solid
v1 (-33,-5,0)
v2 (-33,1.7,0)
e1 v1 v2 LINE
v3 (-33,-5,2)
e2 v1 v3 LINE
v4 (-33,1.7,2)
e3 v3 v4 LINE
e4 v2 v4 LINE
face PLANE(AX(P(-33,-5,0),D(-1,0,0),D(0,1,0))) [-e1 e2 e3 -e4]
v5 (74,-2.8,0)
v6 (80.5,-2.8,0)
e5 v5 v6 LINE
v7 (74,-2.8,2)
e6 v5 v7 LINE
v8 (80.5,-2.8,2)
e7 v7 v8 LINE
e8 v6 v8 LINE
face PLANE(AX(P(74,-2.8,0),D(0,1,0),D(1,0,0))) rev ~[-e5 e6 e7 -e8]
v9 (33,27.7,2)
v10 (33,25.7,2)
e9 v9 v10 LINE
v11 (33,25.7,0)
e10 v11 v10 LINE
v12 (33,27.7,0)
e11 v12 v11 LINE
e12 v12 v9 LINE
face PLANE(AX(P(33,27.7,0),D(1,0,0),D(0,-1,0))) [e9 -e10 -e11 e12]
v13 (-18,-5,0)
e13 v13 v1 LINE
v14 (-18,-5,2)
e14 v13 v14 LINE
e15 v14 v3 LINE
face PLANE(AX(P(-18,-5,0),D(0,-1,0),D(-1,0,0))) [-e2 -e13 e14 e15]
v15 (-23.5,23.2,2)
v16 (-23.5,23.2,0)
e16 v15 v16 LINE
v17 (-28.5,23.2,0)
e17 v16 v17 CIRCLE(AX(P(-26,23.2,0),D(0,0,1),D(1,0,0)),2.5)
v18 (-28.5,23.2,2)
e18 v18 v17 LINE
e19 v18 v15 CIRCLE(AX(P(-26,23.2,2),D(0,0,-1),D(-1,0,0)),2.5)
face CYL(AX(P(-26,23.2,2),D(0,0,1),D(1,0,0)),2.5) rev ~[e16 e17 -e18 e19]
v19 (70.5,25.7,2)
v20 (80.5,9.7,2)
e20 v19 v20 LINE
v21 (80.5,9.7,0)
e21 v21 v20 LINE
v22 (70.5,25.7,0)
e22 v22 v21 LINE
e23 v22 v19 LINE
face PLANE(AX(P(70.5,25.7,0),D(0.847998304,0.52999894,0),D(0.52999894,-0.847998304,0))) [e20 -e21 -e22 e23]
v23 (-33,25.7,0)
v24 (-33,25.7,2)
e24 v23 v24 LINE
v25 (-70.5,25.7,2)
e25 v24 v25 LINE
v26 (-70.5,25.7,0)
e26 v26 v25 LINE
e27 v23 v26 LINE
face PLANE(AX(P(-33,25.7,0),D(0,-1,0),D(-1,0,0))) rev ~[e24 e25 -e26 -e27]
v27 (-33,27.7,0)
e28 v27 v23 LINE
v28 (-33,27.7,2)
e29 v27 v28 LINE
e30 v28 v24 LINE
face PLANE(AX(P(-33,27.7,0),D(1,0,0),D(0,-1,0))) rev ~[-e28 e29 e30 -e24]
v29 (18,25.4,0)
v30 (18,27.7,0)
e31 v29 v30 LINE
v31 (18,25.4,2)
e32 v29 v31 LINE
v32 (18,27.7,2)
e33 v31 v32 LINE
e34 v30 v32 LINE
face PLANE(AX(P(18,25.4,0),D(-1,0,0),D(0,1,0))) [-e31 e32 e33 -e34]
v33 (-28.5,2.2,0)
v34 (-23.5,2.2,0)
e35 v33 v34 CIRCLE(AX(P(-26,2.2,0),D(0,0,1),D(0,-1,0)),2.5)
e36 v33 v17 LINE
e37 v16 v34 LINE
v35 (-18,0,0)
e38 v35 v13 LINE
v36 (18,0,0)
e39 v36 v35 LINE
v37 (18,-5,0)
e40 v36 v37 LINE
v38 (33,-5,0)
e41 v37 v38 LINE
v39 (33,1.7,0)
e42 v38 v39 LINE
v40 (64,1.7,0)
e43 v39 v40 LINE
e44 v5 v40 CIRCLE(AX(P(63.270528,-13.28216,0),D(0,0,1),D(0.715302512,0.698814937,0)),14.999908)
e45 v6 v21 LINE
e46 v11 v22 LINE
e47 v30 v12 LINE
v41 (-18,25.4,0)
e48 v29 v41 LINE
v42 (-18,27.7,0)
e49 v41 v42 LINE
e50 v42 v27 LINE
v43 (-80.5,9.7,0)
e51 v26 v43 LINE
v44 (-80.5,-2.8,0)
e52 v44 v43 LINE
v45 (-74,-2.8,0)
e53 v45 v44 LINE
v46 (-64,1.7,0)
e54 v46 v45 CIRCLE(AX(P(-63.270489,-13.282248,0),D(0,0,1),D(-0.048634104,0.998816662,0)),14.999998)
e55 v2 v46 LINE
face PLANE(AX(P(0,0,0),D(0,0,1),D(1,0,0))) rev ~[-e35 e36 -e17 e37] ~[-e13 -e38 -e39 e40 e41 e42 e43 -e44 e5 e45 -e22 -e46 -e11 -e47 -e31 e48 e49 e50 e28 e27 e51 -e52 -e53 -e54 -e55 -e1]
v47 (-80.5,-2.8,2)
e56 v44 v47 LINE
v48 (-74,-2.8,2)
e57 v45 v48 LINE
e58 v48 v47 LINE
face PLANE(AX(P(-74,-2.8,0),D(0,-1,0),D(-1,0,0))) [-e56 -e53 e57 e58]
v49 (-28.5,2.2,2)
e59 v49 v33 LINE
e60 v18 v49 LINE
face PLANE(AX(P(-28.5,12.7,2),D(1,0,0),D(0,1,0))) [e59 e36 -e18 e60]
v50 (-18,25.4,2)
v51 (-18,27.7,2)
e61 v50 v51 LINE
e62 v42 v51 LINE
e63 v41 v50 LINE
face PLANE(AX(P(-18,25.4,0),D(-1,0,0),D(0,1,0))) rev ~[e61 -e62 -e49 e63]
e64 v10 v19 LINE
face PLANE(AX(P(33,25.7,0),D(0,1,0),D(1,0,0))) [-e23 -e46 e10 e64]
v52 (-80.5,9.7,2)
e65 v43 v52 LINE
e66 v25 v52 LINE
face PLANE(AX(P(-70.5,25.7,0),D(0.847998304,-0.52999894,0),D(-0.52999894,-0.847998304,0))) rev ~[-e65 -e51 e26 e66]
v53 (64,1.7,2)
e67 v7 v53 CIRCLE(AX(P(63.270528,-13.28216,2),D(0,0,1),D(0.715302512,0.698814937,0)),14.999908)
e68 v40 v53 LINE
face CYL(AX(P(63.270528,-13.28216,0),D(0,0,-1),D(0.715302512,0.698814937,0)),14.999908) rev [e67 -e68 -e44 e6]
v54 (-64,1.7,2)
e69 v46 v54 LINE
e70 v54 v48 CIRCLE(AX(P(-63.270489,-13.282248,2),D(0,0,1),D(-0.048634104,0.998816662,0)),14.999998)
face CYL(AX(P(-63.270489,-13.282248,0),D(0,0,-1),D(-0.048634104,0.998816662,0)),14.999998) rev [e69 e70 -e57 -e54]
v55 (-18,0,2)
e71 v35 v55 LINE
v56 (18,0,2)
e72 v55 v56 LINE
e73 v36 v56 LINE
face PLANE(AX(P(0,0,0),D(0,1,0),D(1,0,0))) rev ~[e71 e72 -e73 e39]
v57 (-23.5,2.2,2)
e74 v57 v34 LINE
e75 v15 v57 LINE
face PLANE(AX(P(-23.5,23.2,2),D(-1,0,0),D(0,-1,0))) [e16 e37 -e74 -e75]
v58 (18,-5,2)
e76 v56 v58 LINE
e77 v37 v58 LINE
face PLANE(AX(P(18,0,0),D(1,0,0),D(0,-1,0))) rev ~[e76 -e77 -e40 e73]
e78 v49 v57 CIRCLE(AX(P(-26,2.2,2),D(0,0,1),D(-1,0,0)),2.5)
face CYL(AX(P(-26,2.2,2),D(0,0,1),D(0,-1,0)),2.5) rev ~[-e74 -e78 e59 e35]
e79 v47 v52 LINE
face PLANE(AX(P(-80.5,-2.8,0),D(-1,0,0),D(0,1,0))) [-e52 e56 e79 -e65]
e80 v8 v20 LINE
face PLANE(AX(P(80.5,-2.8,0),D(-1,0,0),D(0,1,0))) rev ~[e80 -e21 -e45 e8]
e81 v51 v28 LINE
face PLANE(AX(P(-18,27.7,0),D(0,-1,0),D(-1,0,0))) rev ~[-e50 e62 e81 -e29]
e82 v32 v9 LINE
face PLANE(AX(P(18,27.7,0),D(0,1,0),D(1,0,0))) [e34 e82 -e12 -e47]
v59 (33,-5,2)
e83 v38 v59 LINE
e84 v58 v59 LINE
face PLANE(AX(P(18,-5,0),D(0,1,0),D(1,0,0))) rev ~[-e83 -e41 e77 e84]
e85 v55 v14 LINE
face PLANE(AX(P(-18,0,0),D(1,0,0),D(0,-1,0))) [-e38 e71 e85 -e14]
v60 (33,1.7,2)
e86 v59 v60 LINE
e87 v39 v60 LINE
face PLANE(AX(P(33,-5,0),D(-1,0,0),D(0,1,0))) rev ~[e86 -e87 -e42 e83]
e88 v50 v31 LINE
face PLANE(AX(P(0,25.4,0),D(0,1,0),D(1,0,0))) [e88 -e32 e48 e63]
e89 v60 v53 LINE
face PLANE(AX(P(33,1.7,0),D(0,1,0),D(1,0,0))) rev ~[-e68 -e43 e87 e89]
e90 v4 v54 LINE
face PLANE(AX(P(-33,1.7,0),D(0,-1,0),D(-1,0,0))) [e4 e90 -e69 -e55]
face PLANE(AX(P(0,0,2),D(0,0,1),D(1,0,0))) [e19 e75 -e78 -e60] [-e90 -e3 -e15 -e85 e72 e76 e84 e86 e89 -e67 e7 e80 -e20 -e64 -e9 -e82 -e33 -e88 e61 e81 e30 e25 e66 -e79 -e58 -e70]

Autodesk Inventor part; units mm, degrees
ref_plane "YZ Plane" through (0, 0, 0) normal (1, 0, 0) x (0, 1, 0)
ref_plane "XZ Plane" through (0, 0, 0) normal (0, 1, 0) x (-1, 0, 0)
ref_plane "XY Plane" through (0, 0, 0) normal (0, 0, 1) x (1, 0, 0)
sketch "Boceto1" plane through (0, 0, 0) normal (0, 0, 1) x (1, 0, 0)
  line L0 (0, 0) -> (18, 0)
  line L1 (18, 0) -> (18, -5)
  line L2 (18, -5) -> (33, -5)
  line L3 (33, -5) -> (33, 1.7)
  line L4 (33, 1.7) -> (64, 1.7)
  arc A0 (74, -2.8) -> (64, 1.7) centre (63.2705, -13.2822) ccw
  line L5 (74, -2.8) -> (80.5, -2.8)
  line L6 (80.5, -2.8) -> (80.5, 9.7)
  line L7 (0, 0) -> (0, 25.4)
  line L8 (0, 25.4) -> (18, 25.4)
  line L9 (18, 25.4) -> (18, 27.7)
  line L10 (18, 27.7) -> (33, 27.7)
  line L11 (33, 27.7) -> (33, 25.7)
  line L12 (33, 25.7) -> (70.5, 25.7)
  line L13 (70.5, 25.7) -> (80.5, 9.7)
  line L14 (0, 0) -> (-18, 0)
  line L15 (-18, 0) -> (-18, -5)
  line L16 (-18, -5) -> (-33, -5)
  line L17 (-33, -5) -> (-33, 1.7)
  line L18 (-33, 1.7) -> (-64, 1.7)
  arc A1 (-64, 1.7) -> (-74, -2.8) centre (-63.2705, -13.2822) ccw
  line L19 (-74, -2.8) -> (-80.5, -2.8)
  line L20 (-80.5, -2.8) -> (-80.5, 9.7)
  line L21 (0, 25.4) -> (-18, 25.4)
  line L22 (-18, 25.4) -> (-18, 27.7)
  line L23 (-18, 27.7) -> (-33, 27.7)
  line L24 (-33, 27.7) -> (-33, 25.7)
  line L25 (-33, 25.7) -> (-70.5, 25.7)
  line L26 (-70.5, 25.7) -> (-80.5, 9.7)
  dimension "d0" = 18
  dimension "d1" = 5
  dimension "d2" = 15
  dimension "d3" = 6.7
  dimension "d4" = 31
  dimension "d5" = 15
  dimension "d6" = 10
  dimension "d7" = 4.5
  dimension "d8" = 6.5
  dimension "d9" = 12.5
  dimension "d12" = 2.3
  dimension "d13" = 15
  dimension "d14" = 2
  dimension "d15" = 37.5
  dimension "d17" = 24
extrude "Extrusión1" add sketch "Boceto1" along normal blind 2
sketch "Boceto2" plane through (0, 0, 2) normal (0, 0, 1) x (1, 0, 0)
  line L0 (-18, 25.4) -> (18, 25.4) projected
  line L1 (-26, 25.7) -> (-26, 25.7)
  line L2 (-23.5, 23.2) -> (-23.5, 2.2)
  line L3 (-26, -0.3) -> (-26, -0.3)
  line L4 (-28.5, 2.2) -> (-28.5, 23.2)
  line L5 (0, 0) -> (0, 25.4)
  line L6 (0, 12.7) -> (-35.7908, 12.7)
  arc A0 (-26, 25.7) -> (-28.5, 23.2) centre (-26, 23.2) ccw
  arc A1 (-23.5, 23.2) -> (-26, 25.7) centre (-26, 23.2) ccw
  arc A2 (-26, -0.3) -> (-23.5, 2.2) centre (-26, 2.2) ccw
  arc A3 (-28.5, 2.2) -> (-26, -0.3) centre (-26, 2.2) ccw
  point P0 (-28.5, 25.7)
  point P1 (-23.5, -0.3)
  point P2 (-23.5, 25.7)
  point P3 (-28.5, -0.3)
  point P4 (-23.5, 12.7)
  dimension "d20" = 23.5
  dimension "d21" = 5
  dimension "d22" = 26
  dimension "d24" = 2.5
extrude "Extrusión2" cut sketch "Boceto2" against normal through all
properties part number "Deslizador"
